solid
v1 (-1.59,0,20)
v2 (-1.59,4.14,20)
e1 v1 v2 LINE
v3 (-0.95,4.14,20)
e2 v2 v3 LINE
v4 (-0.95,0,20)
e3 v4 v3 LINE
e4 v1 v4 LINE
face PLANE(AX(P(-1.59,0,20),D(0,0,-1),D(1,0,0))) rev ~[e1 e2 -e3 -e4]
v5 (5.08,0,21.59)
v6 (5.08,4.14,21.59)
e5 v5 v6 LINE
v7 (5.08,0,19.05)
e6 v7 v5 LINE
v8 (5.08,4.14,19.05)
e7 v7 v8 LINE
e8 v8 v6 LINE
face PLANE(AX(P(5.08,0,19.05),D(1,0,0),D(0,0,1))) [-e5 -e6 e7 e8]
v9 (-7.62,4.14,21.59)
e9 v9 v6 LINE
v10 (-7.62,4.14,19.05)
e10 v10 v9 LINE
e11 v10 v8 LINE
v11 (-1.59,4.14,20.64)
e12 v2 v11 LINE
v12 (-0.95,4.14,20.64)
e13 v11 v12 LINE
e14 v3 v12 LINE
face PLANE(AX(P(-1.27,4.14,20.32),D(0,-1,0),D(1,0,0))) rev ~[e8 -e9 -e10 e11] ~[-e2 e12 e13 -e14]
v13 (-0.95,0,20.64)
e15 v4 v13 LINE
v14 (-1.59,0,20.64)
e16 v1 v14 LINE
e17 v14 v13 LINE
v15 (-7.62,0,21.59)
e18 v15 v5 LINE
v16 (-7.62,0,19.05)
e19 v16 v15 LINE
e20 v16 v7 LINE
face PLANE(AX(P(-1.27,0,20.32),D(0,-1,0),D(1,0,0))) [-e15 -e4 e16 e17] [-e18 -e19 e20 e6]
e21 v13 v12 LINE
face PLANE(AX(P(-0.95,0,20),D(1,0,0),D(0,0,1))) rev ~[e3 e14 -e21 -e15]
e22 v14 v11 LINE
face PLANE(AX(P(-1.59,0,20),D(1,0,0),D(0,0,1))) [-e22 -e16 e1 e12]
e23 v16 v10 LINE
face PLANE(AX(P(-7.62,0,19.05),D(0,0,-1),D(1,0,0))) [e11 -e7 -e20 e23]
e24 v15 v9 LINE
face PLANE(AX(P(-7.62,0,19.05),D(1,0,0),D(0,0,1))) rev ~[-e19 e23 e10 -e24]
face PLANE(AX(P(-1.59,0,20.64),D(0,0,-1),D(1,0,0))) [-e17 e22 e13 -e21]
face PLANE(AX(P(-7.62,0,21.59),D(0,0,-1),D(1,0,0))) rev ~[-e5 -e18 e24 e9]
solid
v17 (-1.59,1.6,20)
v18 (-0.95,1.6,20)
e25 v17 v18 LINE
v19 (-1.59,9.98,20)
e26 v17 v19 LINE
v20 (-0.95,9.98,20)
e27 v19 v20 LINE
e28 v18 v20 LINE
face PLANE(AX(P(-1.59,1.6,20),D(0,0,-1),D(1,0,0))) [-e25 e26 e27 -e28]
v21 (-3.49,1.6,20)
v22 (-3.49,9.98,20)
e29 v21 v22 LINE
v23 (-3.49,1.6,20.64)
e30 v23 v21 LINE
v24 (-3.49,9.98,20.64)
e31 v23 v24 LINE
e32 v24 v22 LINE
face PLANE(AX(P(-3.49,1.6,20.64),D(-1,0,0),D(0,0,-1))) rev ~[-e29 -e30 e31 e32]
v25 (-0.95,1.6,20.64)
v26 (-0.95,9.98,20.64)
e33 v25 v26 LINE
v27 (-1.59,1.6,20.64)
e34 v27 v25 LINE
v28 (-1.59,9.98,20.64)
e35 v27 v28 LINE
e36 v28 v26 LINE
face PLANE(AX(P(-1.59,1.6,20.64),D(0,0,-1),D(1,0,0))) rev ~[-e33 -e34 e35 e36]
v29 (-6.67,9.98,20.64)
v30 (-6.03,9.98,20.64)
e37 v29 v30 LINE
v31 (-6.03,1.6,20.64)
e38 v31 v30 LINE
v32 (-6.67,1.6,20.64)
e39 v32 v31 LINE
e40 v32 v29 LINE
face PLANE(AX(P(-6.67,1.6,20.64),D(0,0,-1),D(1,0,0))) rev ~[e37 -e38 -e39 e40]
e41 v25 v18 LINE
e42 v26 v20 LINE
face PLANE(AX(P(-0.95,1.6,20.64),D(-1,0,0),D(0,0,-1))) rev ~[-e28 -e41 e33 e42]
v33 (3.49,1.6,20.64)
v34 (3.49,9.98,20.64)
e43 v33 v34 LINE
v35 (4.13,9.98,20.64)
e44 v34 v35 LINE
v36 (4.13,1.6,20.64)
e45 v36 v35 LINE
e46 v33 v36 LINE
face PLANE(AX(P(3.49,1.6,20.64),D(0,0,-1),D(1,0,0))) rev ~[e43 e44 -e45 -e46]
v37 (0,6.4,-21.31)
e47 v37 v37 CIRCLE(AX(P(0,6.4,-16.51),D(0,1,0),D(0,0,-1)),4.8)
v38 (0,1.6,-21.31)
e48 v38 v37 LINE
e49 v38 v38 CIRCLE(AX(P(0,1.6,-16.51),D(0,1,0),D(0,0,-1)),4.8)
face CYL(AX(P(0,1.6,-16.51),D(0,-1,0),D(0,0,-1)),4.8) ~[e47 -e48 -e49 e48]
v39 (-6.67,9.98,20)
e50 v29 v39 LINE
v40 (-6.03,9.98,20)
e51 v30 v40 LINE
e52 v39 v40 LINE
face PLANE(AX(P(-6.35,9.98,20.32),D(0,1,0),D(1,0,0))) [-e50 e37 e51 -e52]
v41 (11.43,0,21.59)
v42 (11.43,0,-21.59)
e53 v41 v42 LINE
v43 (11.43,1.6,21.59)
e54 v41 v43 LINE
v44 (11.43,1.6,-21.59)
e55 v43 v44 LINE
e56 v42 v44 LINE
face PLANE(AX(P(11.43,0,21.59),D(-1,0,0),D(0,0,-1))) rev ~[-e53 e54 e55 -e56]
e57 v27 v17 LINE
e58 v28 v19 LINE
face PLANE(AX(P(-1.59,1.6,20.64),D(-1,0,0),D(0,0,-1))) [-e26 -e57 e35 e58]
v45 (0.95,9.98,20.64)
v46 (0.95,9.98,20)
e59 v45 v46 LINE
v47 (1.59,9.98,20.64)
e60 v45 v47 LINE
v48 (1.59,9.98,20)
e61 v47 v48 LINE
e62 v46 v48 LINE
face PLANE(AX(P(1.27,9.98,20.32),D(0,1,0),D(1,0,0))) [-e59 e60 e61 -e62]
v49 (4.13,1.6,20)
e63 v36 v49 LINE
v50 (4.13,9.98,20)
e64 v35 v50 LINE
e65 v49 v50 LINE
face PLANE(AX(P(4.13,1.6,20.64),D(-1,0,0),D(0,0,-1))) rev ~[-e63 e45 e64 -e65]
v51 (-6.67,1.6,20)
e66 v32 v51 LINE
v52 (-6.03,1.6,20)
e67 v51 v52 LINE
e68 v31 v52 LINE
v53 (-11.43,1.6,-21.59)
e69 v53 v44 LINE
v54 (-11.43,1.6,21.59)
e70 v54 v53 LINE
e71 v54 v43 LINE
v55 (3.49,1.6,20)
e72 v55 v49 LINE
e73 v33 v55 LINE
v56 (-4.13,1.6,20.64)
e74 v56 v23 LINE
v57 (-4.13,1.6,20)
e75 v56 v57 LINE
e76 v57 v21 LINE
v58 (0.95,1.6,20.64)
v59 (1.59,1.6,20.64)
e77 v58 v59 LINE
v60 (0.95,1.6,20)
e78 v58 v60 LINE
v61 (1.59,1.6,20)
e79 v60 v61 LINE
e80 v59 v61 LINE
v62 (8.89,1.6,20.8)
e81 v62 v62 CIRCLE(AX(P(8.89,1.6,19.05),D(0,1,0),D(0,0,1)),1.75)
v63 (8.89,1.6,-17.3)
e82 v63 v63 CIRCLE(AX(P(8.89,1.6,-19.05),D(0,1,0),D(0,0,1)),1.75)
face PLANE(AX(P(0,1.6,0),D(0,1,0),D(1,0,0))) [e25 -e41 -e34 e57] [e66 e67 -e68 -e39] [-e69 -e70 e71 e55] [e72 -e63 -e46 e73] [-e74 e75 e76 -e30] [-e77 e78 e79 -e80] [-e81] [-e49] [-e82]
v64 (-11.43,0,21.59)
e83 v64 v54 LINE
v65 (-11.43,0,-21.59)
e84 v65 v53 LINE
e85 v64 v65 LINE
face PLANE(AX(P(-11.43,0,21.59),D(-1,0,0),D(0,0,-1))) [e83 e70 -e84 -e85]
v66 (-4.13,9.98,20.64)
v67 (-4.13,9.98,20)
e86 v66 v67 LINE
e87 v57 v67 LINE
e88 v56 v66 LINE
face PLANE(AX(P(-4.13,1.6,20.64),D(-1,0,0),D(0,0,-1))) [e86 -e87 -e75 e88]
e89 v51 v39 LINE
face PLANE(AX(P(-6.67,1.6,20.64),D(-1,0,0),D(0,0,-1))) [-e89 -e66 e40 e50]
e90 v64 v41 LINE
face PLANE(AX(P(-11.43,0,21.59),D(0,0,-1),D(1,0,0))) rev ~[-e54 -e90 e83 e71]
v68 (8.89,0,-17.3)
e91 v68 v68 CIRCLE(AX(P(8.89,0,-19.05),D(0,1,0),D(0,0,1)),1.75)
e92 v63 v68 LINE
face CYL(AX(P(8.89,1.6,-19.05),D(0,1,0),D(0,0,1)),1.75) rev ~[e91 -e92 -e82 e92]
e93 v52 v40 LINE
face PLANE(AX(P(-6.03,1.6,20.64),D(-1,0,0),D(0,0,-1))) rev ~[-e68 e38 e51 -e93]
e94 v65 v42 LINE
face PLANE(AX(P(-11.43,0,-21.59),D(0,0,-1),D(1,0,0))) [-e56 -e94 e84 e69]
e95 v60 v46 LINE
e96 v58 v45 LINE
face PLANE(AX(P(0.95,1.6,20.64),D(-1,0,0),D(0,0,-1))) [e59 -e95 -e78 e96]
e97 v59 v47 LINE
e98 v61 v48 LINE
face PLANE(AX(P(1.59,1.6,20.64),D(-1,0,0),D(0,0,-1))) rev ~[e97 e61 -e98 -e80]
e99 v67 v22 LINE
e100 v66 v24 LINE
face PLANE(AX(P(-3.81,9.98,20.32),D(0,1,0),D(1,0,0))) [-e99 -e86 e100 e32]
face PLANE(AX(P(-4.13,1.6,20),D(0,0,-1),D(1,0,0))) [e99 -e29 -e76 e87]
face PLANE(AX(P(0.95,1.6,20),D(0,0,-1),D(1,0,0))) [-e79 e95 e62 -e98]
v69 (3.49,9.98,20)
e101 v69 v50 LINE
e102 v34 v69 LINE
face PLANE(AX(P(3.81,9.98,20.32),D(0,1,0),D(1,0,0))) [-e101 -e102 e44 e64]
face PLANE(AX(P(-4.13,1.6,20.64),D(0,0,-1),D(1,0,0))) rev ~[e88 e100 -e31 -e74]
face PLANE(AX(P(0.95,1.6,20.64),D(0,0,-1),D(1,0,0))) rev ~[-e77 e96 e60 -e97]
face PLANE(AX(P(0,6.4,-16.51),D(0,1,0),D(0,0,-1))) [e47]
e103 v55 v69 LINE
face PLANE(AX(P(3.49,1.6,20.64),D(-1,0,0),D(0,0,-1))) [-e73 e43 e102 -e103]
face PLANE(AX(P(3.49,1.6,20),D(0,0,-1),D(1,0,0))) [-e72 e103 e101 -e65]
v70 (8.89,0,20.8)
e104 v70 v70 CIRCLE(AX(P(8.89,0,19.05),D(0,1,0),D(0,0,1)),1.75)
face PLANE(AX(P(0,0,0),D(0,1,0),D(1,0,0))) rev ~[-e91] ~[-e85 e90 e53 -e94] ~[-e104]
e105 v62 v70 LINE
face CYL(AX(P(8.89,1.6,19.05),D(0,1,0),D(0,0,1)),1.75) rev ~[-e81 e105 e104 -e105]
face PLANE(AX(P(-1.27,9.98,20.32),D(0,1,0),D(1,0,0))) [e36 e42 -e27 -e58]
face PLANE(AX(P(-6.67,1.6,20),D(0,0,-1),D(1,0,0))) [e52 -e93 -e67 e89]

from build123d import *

# Parameters (mm, degrees)
SKETCH1_W           = 22.86
SKETCH1_H           = 43.18
BOSS_EXTRUDE1_DEPTH = 1.6
SKETCH2_W           = 0.64
SKETCH2_H           = 0.64
BOSS_EXTRUDE2_DEPTH = 8.38
SKETCH3_R           = 1.75
CUT_EXTRUDE1_DEPTH  = 1.6
SKETCH4_R           = 4.8
BOSS_EXTRUDE3_DEPTH = 4.8
SKETCH5_W           = 12.7
SKETCH5_H           = 2.54
SKETCH5_W_2         = 0.64
SKETCH5_H_2         = 0.64
BOSS_EXTRUDE4_DEPTH = 4.14


with BuildPart() as part:
    # Sketch1 → Boss-Extrude1 (new body)
    with BuildSketch(Plane(origin=(0, 0, 0), x_dir=(1, 0, 0), z_dir=(0, 1, 0))):
        Rectangle(SKETCH1_W, SKETCH1_H)
    extrude(amount=BOSS_EXTRUDE1_DEPTH)

    # Sketch2 → Boss-Extrude2 (add)
    with BuildSketch(Plane(origin=(0, 1.6, 0), x_dir=(1, 0, 0), z_dir=(0, 1, 0))):
        with Locations((-3.81, -20.32)):
            Rectangle(SKETCH2_W, SKETCH2_H)
        with Locations((-6.35, -20.32)):
            Rectangle(SKETCH2_W, SKETCH2_H)
        with Locations((-1.27, -20.32)):
            Rectangle(SKETCH2_W, SKETCH2_H)
        with Locations((1.27, -20.32)):
            Rectangle(SKETCH2_W, SKETCH2_H)
        with Locations((3.81, -20.32)):
            Rectangle(SKETCH2_W, SKETCH2_H)
    extrude(amount=BOSS_EXTRUDE2_DEPTH)

    # Sketch3 → Cut-Extrude1 (cut)
    with BuildSketch(Plane(origin=(0, 1.6, 0), x_dir=(1, 0, 0), z_dir=(0, 1, 0))):
        with Locations(Location((8.89, 19.05, 0), (0, 0, 270))):
            Circle(SKETCH3_R)
        with Locations(Location((8.89, -19.05, 0), (0, 0, 270))):
            Circle(SKETCH3_R)
    extrude(amount=-CUT_EXTRUDE1_DEPTH, mode=Mode.SUBTRACT)

    # Sketch4 → Boss-Extrude3 (add)
    with BuildSketch(Plane(origin=(0, 1.6, 0), x_dir=(1, 0, 0), z_dir=(0, 1, 0))):
        with Locations(Location((0, 16.51, 0), (0, 0, 90))):
            Circle(SKETCH4_R)
    extrude(amount=BOSS_EXTRUDE3_DEPTH)


with BuildPart() as body_2:
    # Sketch5 → Boss-Extrude4 (new body)
    with BuildSketch(Plane.XZ):
        with Locations((-1.27, 20.32)):
            Rectangle(SKETCH5_W, SKETCH5_H)
        with Locations((-1.27, 20.32)):
            Rectangle(SKETCH5_W_2, SKETCH5_H_2, mode=Mode.SUBTRACT)
    extrude(amount=-BOSS_EXTRUDE4_DEPTH)


solid = Compound([part.part, body_2.part])
